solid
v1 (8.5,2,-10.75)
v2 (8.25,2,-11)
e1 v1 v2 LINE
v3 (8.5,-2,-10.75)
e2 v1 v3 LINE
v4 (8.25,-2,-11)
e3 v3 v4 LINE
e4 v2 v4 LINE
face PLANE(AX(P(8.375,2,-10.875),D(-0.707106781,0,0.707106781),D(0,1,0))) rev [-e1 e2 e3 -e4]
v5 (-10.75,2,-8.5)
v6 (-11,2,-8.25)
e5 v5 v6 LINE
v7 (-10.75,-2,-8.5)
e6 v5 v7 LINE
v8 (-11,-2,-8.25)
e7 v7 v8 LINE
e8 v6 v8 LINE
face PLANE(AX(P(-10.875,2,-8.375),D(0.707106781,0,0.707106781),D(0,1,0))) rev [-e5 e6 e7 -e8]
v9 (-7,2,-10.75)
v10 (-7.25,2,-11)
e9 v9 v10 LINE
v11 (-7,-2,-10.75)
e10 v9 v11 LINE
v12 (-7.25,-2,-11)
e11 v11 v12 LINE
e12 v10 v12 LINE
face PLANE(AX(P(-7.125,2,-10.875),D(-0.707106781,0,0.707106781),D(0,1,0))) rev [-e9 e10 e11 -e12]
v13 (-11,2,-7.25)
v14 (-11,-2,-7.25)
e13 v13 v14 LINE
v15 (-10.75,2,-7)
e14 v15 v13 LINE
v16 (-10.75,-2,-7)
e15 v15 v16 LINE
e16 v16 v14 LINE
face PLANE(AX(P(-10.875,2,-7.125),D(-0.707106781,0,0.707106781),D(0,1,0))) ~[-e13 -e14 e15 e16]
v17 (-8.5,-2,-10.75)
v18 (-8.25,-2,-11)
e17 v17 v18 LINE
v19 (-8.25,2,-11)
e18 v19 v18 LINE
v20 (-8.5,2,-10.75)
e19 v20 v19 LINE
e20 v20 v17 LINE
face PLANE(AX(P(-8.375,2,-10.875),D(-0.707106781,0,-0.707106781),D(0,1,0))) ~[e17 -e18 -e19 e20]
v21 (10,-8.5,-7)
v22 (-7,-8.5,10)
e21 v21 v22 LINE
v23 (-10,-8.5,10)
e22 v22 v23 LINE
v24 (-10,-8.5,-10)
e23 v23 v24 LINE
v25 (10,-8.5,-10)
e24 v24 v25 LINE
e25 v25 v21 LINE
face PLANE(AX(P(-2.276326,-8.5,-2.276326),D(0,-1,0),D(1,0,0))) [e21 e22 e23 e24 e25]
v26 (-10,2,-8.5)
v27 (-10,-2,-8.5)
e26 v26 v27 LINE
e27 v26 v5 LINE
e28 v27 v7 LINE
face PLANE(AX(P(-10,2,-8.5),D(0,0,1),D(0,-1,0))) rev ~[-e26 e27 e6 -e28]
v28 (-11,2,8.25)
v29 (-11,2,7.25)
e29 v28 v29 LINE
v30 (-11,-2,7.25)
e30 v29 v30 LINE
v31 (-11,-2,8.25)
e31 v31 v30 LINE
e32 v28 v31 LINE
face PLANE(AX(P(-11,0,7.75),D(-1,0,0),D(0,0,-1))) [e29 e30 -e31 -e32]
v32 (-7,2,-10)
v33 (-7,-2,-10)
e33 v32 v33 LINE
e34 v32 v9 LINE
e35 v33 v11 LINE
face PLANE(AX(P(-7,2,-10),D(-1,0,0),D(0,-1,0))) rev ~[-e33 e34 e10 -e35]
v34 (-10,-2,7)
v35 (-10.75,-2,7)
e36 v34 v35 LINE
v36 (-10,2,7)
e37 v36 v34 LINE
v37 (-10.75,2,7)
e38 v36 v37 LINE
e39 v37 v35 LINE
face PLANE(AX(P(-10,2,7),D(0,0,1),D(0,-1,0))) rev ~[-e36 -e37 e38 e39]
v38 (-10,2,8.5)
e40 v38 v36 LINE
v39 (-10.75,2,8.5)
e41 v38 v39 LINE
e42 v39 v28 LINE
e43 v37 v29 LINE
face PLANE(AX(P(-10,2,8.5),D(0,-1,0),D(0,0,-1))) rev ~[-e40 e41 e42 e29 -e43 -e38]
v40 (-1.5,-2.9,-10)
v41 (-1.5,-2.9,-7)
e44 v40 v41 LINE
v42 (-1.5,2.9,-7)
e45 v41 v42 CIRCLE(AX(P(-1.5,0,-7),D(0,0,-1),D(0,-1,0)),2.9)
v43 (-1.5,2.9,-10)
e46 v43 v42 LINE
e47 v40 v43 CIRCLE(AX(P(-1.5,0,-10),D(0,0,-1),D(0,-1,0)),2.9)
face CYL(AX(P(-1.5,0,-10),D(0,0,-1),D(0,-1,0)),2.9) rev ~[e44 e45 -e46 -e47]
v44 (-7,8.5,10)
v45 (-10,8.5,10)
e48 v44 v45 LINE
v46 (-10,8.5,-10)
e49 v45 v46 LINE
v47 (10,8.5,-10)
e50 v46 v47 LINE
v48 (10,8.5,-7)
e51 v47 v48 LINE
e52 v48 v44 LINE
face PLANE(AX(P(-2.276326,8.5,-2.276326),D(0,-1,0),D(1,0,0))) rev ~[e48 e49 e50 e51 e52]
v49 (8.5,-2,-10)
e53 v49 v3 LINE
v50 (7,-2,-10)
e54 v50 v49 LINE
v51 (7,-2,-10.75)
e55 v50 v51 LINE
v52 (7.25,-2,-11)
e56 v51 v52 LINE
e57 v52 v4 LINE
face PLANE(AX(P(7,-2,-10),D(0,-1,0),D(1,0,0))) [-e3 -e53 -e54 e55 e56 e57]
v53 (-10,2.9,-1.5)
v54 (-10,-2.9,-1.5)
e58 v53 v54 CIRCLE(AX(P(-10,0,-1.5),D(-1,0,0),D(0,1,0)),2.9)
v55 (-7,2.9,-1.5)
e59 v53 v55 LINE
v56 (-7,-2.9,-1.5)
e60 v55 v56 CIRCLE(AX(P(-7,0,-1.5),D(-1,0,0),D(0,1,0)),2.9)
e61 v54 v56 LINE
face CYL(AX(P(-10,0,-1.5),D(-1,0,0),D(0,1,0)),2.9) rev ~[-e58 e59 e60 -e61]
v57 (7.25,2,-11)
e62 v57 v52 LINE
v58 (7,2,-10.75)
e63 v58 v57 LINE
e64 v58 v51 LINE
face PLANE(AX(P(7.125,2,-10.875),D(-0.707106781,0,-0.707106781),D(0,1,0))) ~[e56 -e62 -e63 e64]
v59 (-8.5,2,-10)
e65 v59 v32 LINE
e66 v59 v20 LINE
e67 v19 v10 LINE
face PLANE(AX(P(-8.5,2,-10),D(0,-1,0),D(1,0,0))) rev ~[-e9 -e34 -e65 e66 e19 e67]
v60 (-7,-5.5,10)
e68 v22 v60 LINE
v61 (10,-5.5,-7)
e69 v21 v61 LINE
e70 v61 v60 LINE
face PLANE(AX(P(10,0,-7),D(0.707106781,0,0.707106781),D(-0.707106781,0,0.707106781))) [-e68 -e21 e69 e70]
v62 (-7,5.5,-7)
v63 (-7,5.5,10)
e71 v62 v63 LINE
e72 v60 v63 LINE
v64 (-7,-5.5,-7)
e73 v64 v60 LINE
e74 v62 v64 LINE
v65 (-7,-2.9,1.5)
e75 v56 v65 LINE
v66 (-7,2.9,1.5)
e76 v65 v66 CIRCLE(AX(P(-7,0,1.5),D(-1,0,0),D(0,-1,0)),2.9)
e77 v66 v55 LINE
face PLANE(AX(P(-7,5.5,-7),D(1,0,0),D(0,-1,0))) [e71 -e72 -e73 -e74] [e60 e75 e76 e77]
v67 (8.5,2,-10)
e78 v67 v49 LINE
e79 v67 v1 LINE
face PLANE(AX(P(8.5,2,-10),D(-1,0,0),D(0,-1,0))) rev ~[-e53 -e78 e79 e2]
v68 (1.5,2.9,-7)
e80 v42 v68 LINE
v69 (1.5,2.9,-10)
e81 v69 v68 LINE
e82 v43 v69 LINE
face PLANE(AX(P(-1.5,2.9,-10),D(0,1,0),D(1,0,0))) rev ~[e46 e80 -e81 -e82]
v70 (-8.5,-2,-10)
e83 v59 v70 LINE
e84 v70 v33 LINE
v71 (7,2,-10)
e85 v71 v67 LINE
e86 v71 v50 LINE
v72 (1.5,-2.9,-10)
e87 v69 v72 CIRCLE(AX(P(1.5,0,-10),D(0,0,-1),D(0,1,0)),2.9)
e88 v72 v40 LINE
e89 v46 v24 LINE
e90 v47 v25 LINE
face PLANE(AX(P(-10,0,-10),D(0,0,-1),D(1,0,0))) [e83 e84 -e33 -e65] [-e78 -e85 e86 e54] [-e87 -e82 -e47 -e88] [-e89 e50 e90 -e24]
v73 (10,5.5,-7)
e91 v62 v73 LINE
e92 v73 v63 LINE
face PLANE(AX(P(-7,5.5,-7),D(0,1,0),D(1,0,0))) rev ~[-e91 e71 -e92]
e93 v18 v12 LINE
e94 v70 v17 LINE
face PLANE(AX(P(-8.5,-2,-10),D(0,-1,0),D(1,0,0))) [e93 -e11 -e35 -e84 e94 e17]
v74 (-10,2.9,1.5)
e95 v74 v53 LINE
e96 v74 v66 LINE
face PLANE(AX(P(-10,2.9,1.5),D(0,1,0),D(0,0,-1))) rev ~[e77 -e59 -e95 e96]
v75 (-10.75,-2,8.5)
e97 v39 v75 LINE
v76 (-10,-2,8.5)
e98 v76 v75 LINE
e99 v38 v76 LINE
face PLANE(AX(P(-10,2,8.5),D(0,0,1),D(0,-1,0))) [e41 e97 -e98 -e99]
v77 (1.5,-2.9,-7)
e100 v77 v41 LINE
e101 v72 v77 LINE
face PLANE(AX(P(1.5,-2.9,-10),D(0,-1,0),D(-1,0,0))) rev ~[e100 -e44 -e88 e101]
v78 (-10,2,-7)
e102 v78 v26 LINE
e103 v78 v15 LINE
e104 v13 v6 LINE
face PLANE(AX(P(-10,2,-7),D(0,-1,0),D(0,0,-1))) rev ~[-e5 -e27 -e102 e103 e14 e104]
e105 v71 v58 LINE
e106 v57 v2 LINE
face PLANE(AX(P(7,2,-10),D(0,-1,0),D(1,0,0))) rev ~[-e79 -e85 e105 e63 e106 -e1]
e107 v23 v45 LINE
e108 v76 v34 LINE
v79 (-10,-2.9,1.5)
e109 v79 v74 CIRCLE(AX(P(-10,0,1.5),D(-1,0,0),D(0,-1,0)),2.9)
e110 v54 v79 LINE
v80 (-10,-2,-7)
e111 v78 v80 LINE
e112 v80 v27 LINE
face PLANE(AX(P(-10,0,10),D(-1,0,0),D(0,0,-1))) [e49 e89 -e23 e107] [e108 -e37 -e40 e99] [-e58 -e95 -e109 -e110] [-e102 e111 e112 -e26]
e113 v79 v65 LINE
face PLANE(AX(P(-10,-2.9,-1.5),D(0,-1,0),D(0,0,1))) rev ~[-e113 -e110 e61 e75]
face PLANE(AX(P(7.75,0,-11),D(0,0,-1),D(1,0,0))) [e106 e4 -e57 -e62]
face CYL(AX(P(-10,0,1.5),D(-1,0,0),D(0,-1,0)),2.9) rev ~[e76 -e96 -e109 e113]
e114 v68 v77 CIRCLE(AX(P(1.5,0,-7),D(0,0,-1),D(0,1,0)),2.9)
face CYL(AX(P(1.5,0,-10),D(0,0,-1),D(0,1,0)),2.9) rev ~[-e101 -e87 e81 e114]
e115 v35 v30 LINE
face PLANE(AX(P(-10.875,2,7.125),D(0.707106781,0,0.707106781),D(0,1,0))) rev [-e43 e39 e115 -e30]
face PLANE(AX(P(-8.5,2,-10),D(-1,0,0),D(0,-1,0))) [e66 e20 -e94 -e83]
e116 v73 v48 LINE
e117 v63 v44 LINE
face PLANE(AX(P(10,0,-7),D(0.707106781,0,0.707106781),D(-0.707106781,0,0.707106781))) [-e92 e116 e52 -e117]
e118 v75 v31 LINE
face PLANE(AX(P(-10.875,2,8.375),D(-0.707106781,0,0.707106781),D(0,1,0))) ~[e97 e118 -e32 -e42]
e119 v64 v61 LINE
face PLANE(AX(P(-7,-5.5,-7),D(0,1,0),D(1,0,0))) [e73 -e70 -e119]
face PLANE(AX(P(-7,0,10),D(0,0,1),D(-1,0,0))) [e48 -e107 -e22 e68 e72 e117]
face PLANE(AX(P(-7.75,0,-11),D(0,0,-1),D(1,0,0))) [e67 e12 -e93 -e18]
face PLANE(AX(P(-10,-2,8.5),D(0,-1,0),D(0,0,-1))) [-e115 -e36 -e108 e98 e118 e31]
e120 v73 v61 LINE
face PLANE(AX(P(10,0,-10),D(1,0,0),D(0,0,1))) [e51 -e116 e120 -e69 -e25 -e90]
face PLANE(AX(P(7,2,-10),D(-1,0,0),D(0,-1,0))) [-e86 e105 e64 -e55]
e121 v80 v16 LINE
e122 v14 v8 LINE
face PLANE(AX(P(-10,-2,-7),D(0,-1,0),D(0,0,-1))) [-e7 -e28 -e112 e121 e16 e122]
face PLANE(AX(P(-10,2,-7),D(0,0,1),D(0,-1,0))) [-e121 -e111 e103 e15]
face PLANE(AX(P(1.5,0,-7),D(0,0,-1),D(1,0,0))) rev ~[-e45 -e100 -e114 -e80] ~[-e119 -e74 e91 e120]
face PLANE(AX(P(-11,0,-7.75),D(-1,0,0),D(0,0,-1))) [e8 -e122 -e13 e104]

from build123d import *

# Parameters (mm, degrees)
PAD_DEPTH          = 8.5
POCKET_DEPTH       = 3
POCKET001_DEPTH    = 3
SKETCH003_W        = 17
SKETCH003_H        = 11
POCKET002_DEPTH    = 17.001
SKETCH004_W        = 1.5
SKETCH004_H        = 4
PAD001_DEPTH       = 1
POLARPATTERN_COUNT = 2
POLARPATTERN_ANGLE = 90
CHAMFER_SIZE       = 0.25


with BuildPart() as part:
    # Sketch → Pad (new body, symmetric)
    with BuildSketch(Plane.XZ):
        Polygon((-10, 10), (-10, -10), (10, -10), (10, -7), (-7, 10), align=None)
    extrude(amount=PAD_DEPTH, both=True)

    # Sketch001 (on Face1 of Pad) → Pocket (cut)
    with BuildSketch(Plane(origin=(-10, 0, 0), x_dir=(0, 0, -1), z_dir=(-1, 0, 0))):
        with BuildLine():
            ThreePointArc((-1.5, 2.9), (-4.4, 0), (-1.5, -2.9))
            Line((-1.5, -2.9), (1.5, -2.9))
            ThreePointArc((1.5, -2.9), (4.4, 0), (1.5, 2.9))
            Line((1.5, 2.9), (-1.5, 2.9))
        make_face()
    extrude(amount=-POCKET_DEPTH, mode=Mode.SUBTRACT)

    # Sketch002 (on Face5 of Pocket) → Pocket001 (cut)
    with BuildSketch(Plane(origin=(0, 0, -10), x_dir=(1, 0, 0), z_dir=(0, 0, -1))):
        with BuildLine():
            ThreePointArc((-1.5, 2.9), (-4.4, 0), (-1.5, -2.9))
            Line((-1.5, -2.9), (1.5, -2.9))
            ThreePointArc((1.5, -2.9), (4.4, 0), (1.5, 2.9))
            Line((1.5, 2.9), (-1.5, 2.9))
        make_face()
    extrude(amount=-POCKET001_DEPTH, mode=Mode.SUBTRACT)

    # Sketch003 (on Face17 of Pocket001) → Pocket002 (cut, through all)
    with BuildSketch(Plane(origin=(0, 0, -7), x_dir=(1, 0, 0), z_dir=(0, 0, -1))):
        with Locations((1.5, 0)):
            Rectangle(SKETCH003_W, SKETCH003_H)
    extrude(amount=-POCKET002_DEPTH, mode=Mode.SUBTRACT)

    # Sketch004 (on Face1 of Pocket002) → Pad001 (join)
    with BuildSketch(Plane(origin=(-10, 0, 0), x_dir=(0, 0, -1), z_dir=(-1, 0, 0))):
        with Locations((-7.75, 0)):
            Rectangle(SKETCH004_W, SKETCH004_H)
        with Locations((7.75, 0)):
            Rectangle(SKETCH004_W, SKETCH004_H)
    pad001 = extrude(amount=PAD001_DEPTH)

    # PolarPattern: Pad001 ×2 about axis
    polarpattern_axis = Axis((0, 0, 0), (0, -1, 0))
    for i in range(1, POLARPATTERN_COUNT):
        add(pad001.rotate(polarpattern_axis, i * POLARPATTERN_ANGLE / (POLARPATTERN_COUNT - 1)))

    # Chamfer
    chamfer_edges = [part.edges().sort_by_distance(p)[0] for p in [
        (-11, 0, 8.5),
        (-11, 0, 7),
        (-11, 0, -7),
        (-11, 0, -8.5),
        (-8.5, 0, -11),
        (-7, 0, -11),
        (7, 0, -11),
        (8.5, 0, -11),
    ]]
    chamfer(chamfer_edges, length=CHAMFER_SIZE)


solid = part.part
